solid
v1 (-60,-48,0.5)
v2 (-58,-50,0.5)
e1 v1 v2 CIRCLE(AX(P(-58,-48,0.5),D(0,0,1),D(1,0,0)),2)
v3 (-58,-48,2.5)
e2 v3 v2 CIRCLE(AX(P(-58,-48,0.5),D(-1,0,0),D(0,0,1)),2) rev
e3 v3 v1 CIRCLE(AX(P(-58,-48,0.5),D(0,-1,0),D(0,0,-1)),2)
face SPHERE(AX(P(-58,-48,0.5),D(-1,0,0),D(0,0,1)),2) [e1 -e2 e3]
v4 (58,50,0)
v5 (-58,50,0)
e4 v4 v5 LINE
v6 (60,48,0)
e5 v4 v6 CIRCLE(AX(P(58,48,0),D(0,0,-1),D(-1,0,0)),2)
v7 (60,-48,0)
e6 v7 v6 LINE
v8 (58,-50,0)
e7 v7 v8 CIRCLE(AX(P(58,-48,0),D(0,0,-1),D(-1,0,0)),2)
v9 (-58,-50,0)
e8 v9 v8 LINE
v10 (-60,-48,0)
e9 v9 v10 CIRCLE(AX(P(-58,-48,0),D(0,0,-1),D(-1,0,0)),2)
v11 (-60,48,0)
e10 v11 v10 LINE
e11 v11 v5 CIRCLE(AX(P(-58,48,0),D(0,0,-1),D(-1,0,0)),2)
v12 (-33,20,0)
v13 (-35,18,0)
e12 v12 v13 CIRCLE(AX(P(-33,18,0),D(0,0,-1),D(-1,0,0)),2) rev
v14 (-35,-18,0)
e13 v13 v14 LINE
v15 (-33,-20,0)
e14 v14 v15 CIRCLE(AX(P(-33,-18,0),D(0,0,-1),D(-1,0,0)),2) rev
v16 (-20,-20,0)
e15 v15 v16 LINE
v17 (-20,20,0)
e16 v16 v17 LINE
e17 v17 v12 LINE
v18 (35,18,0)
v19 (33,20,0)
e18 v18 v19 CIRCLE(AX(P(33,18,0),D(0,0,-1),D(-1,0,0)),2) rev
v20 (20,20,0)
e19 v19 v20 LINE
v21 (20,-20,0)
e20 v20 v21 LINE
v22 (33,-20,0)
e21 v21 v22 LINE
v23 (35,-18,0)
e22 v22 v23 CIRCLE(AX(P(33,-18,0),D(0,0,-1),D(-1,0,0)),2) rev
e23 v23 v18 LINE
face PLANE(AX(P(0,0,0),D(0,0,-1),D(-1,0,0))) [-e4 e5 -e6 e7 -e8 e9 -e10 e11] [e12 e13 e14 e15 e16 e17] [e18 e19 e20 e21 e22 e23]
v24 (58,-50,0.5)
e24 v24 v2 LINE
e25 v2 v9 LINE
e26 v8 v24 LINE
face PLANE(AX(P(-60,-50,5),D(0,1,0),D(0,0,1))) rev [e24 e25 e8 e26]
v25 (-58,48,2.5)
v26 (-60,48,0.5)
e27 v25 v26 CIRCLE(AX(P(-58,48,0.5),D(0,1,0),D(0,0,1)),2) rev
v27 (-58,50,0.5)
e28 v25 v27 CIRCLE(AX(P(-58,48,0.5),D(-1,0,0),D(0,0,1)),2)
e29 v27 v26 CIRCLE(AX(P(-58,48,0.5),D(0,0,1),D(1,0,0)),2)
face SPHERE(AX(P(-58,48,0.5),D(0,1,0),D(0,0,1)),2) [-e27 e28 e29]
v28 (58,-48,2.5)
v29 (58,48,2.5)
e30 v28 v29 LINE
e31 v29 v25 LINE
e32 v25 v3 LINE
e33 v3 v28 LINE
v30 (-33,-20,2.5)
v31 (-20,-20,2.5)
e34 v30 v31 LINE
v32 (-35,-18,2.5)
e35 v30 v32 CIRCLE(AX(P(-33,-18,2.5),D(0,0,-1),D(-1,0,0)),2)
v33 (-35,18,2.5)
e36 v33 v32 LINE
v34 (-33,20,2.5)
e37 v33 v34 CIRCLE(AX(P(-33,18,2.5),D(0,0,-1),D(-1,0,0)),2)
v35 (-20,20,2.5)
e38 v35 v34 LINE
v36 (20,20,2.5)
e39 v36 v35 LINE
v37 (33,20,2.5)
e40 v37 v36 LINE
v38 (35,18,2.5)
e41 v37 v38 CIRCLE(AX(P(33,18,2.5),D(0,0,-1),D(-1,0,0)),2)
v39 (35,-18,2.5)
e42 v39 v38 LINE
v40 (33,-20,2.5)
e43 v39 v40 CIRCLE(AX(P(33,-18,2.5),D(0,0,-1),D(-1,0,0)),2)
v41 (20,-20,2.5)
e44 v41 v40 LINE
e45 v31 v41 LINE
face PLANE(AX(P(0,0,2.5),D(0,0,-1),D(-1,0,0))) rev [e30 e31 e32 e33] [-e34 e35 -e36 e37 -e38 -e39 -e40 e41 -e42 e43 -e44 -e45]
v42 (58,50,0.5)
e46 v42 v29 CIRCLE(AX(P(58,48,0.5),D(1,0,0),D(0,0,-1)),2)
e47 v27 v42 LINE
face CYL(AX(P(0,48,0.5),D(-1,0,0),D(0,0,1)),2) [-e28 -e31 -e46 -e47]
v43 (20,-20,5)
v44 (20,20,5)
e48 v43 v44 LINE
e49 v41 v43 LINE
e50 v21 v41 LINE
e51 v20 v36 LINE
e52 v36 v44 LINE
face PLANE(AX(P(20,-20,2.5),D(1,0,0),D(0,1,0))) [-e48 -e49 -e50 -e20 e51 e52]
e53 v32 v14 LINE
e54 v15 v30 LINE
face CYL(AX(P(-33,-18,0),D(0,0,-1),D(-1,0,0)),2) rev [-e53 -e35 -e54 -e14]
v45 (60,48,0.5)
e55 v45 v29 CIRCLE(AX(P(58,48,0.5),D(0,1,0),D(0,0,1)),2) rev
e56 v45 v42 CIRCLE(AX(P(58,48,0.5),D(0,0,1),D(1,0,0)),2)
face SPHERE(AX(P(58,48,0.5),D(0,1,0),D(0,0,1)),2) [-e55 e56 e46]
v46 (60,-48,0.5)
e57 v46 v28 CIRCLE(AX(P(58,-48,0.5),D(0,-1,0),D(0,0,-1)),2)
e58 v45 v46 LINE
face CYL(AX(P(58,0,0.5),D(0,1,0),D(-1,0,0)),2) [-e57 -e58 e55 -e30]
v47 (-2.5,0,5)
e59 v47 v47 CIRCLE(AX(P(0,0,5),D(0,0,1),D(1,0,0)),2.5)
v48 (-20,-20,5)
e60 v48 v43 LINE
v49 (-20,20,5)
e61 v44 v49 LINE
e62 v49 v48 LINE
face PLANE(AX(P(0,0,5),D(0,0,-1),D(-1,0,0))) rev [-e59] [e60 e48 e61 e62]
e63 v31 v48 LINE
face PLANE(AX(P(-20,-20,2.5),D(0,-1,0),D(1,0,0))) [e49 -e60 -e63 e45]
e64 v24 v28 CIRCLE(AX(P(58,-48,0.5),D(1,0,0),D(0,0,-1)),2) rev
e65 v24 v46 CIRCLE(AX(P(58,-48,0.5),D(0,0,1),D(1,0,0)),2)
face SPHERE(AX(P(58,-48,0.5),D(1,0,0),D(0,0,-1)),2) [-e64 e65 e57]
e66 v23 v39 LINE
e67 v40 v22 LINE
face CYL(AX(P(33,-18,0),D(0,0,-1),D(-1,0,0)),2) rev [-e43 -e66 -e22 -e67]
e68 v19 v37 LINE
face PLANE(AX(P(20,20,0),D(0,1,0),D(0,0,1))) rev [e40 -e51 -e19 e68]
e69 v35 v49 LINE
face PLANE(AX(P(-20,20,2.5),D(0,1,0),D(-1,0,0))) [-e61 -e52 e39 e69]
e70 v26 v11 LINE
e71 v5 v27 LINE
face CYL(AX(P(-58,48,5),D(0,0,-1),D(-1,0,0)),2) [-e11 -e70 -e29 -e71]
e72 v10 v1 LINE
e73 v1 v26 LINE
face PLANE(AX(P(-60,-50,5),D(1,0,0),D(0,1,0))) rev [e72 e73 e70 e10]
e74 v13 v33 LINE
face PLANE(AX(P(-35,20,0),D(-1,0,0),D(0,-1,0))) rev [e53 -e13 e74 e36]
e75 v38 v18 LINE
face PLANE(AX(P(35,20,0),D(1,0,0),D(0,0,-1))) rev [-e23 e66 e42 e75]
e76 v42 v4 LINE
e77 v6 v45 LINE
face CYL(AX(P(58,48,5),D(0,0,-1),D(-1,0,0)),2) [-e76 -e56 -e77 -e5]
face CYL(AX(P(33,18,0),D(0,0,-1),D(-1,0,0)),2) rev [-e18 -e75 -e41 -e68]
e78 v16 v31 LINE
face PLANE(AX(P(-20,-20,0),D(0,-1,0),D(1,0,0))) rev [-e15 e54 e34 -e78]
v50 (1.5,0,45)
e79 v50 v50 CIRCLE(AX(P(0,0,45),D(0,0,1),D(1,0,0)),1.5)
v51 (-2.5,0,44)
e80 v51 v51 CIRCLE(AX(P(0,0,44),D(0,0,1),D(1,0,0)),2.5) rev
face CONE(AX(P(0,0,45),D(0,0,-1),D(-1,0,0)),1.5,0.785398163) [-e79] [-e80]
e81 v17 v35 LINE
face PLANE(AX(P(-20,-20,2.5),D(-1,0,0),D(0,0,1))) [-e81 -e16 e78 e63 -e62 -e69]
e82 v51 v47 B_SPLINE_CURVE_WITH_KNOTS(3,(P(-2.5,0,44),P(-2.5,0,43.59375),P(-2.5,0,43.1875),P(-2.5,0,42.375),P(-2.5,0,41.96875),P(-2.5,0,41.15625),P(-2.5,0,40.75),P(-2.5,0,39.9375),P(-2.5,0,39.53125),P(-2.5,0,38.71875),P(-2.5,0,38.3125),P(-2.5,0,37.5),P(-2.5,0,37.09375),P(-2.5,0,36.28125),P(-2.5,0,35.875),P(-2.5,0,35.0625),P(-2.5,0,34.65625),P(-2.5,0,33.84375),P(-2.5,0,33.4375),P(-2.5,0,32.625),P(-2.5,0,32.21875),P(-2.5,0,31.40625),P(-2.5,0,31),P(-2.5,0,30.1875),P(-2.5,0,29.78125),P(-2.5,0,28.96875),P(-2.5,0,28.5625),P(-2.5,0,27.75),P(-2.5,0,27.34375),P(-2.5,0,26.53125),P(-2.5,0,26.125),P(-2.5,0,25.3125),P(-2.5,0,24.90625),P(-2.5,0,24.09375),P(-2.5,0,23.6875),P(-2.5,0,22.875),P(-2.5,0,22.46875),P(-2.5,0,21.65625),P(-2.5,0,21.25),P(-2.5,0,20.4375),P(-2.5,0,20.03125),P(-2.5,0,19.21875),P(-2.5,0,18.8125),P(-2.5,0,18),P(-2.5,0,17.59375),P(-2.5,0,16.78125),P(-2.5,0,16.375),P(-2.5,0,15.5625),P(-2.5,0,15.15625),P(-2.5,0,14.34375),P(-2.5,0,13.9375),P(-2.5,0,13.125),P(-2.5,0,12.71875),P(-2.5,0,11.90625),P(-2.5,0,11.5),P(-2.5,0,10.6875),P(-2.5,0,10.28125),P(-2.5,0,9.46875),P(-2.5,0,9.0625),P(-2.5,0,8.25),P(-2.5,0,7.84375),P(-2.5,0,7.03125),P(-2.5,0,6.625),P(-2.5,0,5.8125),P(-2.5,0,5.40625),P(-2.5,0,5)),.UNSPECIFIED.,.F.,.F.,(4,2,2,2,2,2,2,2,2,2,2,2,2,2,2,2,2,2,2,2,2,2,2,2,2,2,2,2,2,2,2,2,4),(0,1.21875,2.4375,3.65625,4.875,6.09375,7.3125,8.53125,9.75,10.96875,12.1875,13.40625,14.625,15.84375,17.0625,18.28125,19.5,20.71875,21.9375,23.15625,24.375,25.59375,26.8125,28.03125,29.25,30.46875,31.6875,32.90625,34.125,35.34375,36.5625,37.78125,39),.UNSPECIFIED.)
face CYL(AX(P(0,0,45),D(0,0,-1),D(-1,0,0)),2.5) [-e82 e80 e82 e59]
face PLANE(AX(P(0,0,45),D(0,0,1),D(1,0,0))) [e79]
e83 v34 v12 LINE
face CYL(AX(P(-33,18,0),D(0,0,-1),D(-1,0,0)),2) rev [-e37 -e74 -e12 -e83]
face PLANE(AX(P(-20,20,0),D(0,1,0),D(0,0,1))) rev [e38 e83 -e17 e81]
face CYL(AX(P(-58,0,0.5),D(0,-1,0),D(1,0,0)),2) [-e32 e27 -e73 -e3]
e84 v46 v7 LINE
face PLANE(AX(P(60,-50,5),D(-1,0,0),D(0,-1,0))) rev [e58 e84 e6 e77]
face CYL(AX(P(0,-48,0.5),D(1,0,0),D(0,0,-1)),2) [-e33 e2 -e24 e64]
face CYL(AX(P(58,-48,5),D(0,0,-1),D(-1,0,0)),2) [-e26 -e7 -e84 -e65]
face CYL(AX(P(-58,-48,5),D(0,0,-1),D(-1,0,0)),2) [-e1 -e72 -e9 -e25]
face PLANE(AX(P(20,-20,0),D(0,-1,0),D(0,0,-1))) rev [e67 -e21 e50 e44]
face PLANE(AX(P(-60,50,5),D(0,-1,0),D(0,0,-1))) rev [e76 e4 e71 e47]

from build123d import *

# Parameters (mm, degrees)
SKETCH1_W           = 120
SKETCH1_H           = 100
SKETCH1_R           = 2.5
BOSS_EXTRUDE1_DEPTH = 5
SKETCH2_R           = 2.5
BOSS_EXTRUDE2_DEPTH = 45
CHAMFER1_SIZE       = 1
SKETCH3_W           = 120
SKETCH3_H           = 100
SKETCH3_W_2         = 40
SKETCH3_H_2         = 40
CUT_EXTRUDE1_DEPTH  = 2.5
SKETCH6_W           = 15
SKETCH6_H           = 40
CUT_EXTRUDE2_DEPTH  = 89.917096219
FILLET1_R           = 2
FILLET2_R           = 2


with BuildPart() as part:
    # Sketch1 → Boss-Extrude1 (new body)
    with BuildSketch(Plane.XY):
        Rectangle(SKETCH1_W, SKETCH1_H)
        Circle(SKETCH1_R, mode=Mode.SUBTRACT)
    extrude(amount=BOSS_EXTRUDE1_DEPTH)

    # Sketch2 → Boss-Extrude2 (add)
    with BuildSketch(Plane.XY):
        with Locations(Location((0, 0, 0), (0, 0, 180))):
            Circle(SKETCH2_R)
    extrude(amount=BOSS_EXTRUDE2_DEPTH)

    # Chamfer1
    chamfer1_edges = [part.edges().sort_by_distance(p)[0] for p in [
        (2.5, 0, 45),
    ]]
    chamfer(chamfer1_edges, length=CHAMFER1_SIZE)

    # Sketch3 → Cut-Extrude1 (cut)
    with BuildSketch(Plane.XY.offset(5)):
        Rectangle(SKETCH3_W, SKETCH3_H)
        Rectangle(SKETCH3_W_2, SKETCH3_H_2, mode=Mode.SUBTRACT)
    extrude(amount=-CUT_EXTRUDE1_DEPTH, mode=Mode.SUBTRACT)

    # Sketch6 → Cut-Extrude2 (cut, through all)
    with BuildSketch(Plane.XY.offset(2.5)):
        with Locations((-27.5, 0)):
            Rectangle(SKETCH6_W, SKETCH6_H)
        with Locations((27.5, 0)):
            Rectangle(SKETCH6_W, SKETCH6_H)
    extrude(amount=-CUT_EXTRUDE2_DEPTH, mode=Mode.SUBTRACT)

    # Fillet1
    fillet1_edges = [part.edges().sort_by_distance(p)[0] for p in [
        (60, -50, 1.25),
        (-60, -50, 1.25),
        (-60, 50, 1.25),
        (60, 50, 1.25),
        (60, 0, 2.5),
        (0, -50, 2.5),
        (-60, 0, 2.5),
        (0, 50, 2.5),
    ]]
    fillet(fillet1_edges, radius=FILLET1_R)

    # Fillet2
    fillet2_edges = [part.edges().sort_by_distance(p)[0] for p in [
        (-35, -20, 1.25),
        (-35, 20, 1.25),
        (35, 20, 1.25),
        (35, -20, 1.25),
    ]]
    fillet(fillet2_edges, radius=FILLET2_R)


solid = part.part
